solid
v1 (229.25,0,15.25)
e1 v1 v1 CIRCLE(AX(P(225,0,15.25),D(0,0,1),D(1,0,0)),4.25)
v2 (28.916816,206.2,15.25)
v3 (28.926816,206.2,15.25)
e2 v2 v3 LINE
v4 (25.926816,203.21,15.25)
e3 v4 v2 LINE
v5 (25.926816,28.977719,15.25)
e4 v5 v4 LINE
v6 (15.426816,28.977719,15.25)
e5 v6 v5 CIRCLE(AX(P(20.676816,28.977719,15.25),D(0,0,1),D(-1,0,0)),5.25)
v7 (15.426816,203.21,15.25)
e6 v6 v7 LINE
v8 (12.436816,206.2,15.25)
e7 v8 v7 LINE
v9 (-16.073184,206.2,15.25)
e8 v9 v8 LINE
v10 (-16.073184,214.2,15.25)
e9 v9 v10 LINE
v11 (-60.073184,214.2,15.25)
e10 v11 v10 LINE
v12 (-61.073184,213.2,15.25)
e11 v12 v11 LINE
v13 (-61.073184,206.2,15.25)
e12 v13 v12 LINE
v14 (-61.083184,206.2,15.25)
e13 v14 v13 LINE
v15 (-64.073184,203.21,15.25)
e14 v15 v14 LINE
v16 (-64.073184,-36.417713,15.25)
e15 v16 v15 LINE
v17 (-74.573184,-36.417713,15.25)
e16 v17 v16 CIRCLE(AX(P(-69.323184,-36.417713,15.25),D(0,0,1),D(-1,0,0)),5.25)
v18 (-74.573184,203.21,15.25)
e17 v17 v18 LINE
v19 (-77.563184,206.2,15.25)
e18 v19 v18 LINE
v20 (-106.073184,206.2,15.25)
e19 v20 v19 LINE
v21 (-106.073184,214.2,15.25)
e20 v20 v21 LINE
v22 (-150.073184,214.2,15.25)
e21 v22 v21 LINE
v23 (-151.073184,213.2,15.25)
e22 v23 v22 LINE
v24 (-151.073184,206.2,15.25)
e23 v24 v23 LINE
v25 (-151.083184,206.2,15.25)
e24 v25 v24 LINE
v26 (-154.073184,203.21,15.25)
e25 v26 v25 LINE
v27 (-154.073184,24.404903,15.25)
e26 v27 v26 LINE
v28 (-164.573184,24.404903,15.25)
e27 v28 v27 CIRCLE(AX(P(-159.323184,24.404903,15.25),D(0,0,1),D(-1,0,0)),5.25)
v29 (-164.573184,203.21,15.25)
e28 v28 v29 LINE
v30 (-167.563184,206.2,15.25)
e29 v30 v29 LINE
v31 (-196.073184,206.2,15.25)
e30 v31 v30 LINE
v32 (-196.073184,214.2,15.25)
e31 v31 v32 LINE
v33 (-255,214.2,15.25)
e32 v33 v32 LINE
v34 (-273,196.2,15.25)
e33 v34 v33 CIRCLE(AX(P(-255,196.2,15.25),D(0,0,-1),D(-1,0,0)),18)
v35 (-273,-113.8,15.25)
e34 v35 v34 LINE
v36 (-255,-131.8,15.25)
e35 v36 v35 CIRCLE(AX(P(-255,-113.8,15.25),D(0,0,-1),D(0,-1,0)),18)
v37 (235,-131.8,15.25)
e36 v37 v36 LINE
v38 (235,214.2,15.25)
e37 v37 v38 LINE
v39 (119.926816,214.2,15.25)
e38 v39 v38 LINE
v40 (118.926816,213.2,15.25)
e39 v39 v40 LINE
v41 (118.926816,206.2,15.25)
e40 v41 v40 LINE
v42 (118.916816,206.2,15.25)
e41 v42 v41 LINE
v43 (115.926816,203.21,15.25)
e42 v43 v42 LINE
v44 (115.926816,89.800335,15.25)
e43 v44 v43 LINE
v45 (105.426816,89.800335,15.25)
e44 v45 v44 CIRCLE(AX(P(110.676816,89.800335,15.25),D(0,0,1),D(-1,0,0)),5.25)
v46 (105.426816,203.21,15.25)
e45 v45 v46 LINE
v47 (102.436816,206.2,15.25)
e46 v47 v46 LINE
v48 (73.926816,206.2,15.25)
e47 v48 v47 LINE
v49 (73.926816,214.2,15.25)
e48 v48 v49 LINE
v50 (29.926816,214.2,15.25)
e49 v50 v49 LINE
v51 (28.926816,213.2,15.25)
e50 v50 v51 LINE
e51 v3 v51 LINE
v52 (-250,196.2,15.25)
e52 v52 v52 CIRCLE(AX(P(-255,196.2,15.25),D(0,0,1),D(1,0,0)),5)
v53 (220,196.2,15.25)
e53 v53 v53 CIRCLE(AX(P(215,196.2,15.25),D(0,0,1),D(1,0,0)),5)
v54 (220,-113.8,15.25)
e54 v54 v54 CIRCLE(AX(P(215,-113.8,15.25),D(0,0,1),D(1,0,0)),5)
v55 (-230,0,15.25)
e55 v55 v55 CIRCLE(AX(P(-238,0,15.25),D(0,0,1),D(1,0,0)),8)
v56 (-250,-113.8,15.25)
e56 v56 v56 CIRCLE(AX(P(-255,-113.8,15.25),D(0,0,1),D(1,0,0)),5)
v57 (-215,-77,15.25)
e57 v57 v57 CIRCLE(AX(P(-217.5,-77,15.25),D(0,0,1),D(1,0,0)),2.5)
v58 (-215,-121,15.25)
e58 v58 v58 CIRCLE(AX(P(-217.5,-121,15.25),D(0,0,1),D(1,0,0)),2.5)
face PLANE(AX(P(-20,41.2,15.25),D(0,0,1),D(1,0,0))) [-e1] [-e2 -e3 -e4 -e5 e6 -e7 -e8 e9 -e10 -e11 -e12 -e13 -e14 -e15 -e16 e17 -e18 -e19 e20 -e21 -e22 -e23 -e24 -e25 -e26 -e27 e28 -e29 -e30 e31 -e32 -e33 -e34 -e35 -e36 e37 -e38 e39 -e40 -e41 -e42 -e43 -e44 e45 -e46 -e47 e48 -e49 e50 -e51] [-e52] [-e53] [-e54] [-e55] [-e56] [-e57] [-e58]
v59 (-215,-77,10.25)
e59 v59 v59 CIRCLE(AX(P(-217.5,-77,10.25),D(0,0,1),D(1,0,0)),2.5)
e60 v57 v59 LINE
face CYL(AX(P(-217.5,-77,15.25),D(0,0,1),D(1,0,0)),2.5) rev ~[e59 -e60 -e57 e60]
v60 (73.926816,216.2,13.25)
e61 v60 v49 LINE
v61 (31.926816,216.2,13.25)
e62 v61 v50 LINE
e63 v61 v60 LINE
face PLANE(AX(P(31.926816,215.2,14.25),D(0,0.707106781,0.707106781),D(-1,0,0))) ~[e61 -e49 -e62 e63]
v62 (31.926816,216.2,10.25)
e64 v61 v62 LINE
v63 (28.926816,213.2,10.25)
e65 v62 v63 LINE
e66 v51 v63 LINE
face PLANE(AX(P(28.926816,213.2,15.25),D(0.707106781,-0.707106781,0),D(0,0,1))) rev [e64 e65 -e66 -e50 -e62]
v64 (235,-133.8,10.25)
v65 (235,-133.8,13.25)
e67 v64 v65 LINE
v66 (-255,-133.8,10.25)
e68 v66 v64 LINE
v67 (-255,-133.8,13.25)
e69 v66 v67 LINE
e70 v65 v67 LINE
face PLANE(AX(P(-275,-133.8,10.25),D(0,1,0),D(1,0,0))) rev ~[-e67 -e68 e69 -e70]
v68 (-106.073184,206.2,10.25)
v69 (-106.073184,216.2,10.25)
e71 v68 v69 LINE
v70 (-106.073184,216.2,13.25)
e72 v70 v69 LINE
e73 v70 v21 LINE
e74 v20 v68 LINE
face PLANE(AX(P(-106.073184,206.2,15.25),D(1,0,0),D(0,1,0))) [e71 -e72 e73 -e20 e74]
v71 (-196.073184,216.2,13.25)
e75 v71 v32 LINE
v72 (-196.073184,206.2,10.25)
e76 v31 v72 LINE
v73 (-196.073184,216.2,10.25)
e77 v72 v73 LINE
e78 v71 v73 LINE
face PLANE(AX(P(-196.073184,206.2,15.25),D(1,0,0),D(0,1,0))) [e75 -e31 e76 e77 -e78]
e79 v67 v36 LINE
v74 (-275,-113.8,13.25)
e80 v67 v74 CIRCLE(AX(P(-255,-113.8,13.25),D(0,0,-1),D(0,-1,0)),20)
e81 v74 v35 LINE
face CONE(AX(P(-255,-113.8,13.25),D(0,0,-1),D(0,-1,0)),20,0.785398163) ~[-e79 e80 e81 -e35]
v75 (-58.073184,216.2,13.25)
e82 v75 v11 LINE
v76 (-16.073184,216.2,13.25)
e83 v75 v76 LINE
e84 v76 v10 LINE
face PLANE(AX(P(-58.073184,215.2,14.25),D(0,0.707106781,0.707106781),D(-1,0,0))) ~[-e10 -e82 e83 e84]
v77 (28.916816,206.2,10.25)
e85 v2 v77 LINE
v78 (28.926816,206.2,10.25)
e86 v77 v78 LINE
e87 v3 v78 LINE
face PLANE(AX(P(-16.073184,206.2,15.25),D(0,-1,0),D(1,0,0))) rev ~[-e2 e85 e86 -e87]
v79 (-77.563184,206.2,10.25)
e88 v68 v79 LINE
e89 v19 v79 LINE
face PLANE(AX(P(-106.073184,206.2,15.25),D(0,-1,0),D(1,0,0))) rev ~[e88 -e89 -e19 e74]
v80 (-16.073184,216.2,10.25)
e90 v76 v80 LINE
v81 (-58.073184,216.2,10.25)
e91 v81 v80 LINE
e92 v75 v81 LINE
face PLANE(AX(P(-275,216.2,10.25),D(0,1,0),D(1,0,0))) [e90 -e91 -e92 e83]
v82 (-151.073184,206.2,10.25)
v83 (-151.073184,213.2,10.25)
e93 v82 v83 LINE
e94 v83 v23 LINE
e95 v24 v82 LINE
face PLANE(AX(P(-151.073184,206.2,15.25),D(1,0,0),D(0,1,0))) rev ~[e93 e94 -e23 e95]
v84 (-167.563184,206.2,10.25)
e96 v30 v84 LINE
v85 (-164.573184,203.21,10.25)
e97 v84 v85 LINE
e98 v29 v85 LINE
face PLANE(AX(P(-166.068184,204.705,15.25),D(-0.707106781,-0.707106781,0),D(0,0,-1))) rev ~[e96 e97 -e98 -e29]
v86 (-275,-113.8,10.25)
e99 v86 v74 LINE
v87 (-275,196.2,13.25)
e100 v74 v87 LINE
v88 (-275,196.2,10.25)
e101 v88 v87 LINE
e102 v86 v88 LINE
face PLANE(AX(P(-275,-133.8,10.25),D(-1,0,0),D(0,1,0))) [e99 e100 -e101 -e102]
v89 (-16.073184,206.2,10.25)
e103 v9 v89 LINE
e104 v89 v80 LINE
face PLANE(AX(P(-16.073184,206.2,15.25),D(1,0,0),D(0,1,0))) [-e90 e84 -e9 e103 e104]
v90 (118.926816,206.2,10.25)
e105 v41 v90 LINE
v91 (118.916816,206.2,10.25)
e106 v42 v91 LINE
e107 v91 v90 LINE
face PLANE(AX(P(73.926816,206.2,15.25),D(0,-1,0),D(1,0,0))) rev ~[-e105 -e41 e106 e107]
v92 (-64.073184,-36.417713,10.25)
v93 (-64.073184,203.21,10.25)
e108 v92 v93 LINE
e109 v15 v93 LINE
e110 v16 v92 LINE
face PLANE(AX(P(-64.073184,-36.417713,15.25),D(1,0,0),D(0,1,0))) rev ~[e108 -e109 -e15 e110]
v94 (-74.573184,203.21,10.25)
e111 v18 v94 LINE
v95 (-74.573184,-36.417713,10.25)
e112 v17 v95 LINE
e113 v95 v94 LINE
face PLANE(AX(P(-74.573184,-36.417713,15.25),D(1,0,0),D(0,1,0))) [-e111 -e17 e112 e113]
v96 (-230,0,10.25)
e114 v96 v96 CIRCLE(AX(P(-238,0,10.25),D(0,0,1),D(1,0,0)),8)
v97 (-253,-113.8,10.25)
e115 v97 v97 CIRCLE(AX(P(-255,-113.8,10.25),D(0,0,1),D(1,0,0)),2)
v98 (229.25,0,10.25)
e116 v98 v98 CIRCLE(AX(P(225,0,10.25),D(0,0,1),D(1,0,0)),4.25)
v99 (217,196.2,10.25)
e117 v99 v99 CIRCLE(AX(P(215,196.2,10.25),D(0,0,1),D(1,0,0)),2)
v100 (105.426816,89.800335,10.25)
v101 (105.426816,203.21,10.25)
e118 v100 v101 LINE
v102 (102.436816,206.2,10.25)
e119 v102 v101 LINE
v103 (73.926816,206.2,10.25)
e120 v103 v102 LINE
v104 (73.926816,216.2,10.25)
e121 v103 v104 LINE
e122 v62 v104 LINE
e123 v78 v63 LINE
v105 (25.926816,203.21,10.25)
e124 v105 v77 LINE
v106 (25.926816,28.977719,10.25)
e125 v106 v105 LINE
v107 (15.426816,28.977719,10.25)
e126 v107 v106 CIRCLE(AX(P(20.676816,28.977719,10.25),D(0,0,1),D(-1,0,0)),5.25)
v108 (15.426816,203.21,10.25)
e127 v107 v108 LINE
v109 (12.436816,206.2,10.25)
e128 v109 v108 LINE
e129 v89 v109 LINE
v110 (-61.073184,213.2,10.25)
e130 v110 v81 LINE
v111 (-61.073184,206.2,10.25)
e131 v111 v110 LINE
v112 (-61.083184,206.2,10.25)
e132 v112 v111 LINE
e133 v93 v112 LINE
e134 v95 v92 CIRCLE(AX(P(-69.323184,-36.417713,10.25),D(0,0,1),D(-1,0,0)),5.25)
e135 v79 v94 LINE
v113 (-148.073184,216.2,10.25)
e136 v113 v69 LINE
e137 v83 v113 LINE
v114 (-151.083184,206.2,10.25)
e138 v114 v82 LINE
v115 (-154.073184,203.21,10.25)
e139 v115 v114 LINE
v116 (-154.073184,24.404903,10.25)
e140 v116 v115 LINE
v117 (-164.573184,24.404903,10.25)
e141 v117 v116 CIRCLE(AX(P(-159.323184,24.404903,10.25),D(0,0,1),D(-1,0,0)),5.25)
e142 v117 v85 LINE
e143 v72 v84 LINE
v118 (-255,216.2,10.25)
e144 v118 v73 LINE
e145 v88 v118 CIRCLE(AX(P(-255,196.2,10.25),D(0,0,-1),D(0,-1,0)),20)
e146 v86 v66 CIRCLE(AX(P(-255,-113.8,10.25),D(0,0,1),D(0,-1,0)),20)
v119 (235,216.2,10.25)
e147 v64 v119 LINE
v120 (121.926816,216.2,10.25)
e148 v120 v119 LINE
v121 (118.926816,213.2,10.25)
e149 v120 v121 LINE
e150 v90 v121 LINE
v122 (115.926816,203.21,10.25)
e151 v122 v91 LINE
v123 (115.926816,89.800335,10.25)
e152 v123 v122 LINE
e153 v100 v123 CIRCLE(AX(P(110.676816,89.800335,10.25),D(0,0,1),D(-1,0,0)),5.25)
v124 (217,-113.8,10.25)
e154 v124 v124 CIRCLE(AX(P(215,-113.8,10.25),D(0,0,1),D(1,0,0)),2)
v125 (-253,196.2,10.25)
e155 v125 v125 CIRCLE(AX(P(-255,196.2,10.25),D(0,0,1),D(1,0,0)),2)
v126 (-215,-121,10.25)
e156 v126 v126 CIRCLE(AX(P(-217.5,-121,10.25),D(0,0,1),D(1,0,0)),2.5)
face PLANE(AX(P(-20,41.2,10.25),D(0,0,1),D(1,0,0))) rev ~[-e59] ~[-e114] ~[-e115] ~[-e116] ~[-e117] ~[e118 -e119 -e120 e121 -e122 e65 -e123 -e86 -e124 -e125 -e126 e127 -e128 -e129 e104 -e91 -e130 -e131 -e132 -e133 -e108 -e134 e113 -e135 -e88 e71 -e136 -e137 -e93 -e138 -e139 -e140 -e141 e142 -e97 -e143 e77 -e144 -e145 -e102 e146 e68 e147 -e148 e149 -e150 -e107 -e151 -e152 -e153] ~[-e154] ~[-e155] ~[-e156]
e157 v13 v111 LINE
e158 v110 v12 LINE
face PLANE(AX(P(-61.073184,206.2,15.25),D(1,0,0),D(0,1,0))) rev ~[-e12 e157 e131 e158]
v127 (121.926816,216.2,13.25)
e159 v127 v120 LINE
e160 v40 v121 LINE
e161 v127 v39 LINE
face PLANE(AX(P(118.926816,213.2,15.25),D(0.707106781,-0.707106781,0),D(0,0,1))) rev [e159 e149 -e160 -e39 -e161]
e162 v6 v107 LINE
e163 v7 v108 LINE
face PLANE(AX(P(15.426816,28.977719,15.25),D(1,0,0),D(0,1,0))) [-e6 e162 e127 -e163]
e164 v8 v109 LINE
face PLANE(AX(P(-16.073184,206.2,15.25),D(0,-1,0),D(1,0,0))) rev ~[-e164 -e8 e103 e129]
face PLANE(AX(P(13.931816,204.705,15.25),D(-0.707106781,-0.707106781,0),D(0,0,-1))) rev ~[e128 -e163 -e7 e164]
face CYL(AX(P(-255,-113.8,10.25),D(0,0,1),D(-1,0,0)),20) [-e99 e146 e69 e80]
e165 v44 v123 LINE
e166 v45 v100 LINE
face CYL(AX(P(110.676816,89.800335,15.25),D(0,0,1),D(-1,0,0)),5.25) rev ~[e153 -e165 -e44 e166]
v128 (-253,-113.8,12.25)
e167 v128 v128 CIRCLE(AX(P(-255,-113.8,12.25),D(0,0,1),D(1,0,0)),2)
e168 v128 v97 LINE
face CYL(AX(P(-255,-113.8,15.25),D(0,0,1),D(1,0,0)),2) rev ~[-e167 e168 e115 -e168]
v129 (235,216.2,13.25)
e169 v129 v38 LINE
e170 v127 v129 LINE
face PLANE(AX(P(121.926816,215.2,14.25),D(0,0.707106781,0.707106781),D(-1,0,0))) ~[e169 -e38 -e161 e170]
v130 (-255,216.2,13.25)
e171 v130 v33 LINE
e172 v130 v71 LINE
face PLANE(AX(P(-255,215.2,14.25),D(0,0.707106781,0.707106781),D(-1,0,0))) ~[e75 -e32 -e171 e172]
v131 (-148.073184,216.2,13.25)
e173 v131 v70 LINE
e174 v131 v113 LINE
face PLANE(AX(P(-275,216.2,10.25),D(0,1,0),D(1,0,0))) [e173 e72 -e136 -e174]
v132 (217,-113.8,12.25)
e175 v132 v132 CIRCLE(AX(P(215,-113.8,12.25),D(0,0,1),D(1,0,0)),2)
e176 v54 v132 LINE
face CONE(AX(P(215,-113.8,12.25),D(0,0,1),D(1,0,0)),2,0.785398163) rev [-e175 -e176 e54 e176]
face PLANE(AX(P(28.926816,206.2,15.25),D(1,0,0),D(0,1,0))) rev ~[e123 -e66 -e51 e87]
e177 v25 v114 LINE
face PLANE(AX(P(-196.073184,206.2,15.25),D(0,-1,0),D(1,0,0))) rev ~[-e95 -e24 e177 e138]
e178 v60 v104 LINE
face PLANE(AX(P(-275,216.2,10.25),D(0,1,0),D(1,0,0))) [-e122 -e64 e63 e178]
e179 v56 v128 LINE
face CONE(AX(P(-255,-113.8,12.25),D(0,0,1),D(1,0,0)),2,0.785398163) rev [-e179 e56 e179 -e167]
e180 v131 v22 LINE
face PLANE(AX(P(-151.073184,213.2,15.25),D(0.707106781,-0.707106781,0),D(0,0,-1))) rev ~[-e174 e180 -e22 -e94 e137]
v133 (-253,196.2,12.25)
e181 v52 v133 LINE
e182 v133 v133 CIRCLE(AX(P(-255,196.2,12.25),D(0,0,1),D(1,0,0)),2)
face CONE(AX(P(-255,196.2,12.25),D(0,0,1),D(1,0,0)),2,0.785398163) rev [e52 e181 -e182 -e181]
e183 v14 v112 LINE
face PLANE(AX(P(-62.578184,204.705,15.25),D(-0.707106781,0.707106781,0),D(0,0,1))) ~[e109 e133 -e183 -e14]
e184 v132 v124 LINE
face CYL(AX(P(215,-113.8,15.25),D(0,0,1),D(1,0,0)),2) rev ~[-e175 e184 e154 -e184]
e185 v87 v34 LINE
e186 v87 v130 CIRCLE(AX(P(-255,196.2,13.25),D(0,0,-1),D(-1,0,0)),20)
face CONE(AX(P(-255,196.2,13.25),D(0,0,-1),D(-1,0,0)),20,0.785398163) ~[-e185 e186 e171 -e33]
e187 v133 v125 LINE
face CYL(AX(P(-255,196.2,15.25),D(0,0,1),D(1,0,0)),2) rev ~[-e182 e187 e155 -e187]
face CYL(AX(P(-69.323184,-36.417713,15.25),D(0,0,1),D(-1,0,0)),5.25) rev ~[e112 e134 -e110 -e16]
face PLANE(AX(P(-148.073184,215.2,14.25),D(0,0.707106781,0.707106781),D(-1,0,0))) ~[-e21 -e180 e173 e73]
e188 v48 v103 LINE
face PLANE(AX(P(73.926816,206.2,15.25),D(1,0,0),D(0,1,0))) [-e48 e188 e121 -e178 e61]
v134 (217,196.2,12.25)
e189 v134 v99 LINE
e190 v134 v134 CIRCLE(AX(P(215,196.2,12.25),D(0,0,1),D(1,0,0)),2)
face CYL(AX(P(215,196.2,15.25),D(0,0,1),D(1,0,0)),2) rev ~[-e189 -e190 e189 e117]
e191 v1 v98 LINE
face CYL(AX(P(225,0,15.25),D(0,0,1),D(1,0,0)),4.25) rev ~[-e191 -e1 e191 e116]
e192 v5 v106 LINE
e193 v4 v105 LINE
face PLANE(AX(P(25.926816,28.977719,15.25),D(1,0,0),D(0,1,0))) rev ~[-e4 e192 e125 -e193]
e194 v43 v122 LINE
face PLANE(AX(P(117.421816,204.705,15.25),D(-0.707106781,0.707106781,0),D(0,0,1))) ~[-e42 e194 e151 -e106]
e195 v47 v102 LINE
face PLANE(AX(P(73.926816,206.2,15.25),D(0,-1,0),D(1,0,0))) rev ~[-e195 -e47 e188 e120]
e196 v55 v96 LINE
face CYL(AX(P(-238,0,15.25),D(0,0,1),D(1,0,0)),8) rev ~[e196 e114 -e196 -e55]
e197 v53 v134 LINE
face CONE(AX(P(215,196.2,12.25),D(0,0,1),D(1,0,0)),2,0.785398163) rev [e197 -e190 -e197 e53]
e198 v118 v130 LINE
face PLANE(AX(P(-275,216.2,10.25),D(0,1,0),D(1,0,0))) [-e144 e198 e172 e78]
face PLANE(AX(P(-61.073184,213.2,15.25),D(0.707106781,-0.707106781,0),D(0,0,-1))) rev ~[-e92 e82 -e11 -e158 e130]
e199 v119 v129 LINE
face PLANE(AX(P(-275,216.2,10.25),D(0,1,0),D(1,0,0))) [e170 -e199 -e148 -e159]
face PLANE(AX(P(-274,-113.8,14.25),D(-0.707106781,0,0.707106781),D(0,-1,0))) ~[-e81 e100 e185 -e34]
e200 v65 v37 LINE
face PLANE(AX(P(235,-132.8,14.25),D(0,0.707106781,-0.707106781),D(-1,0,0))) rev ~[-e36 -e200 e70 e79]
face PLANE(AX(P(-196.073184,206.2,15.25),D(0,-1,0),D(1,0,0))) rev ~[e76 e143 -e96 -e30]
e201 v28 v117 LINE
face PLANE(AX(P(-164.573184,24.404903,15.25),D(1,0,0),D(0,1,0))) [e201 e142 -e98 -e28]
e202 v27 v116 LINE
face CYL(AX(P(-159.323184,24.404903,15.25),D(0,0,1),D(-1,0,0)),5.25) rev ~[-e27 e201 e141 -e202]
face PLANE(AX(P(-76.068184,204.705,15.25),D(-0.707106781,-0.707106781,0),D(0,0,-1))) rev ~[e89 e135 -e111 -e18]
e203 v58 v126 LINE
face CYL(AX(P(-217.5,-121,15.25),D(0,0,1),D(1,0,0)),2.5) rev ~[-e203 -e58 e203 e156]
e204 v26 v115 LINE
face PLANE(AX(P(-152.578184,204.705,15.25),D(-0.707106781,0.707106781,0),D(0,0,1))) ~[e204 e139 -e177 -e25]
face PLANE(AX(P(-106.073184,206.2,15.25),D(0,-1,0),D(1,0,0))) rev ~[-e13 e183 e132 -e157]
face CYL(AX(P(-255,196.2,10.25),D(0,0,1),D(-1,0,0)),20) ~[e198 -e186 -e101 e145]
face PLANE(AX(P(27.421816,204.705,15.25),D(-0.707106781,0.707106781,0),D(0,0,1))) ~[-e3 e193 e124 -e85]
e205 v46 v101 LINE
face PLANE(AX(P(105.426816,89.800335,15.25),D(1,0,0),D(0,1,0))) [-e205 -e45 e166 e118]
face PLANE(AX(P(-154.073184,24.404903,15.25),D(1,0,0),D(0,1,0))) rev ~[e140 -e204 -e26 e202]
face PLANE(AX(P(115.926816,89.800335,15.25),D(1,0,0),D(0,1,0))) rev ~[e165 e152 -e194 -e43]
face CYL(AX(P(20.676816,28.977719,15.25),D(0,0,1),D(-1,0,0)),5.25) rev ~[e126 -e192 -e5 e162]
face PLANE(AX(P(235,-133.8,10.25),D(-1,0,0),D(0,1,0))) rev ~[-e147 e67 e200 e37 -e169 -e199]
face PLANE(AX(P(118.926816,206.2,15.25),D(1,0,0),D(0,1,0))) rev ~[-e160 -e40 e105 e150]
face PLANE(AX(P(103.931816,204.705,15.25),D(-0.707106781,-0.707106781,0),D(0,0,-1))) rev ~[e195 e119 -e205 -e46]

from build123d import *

# Parameters (mm, degrees)
SKETCH018_W     = 510
SKETCH018_H     = 350
PAD015_DEPTH    = 5
SKETCH019_R     = 8
SKETCH019_R_2   = 4.25
POCKET011_DEPTH = 5.001
FILLET005_R     = 20
SKETCH020_R     = 2
POCKET012_DEPTH = 5.001
CHAMFER009_SIZE = 6
CHAMFER010_SIZE = 2
CHAMFER011_SIZE = 3
SKETCH052_W     = 45
SKETCH052_H     = 10
POCKET033_DEPTH = 5.001
CHAMFER024_SIZE = 2.99
SKETCH068_R     = 2.5
POCKET043_DEPTH = 5.001


with BuildPart() as part:
    # Sketch018 → Pad015 (new body)
    with BuildSketch(Plane.XY):
        with Locations((-20, 41.2)):
            Rectangle(SKETCH018_W, SKETCH018_H)
    extrude(amount=PAD015_DEPTH)

    # Sketch019 (on Face6 of Pad015) → Pocket011 (cut, through all)
    with BuildSketch(Plane.XY.offset(5)):
        with Locations((-238, 0)):
            Circle(SKETCH019_R)
        with Locations((225, 0)):
            Circle(SKETCH019_R_2)
        with BuildLine():
            ThreePointArc((-164.573184, 24.404903), (-159.323184, 19.154903), (-154.073184, 24.404903))
            Line((-154.073184, 24.404903), (-154.073184, 216.2))
            ThreePointArc((-154.073184, 216.2), (-159.323184, 221.45), (-164.573184, 216.2))
            Line((-164.573184, 24.404903), (-164.573184, 216.2))
        make_face()
        with BuildLine():
            ThreePointArc((-74.573184, -36.417713), (-69.323184, -41.667713), (-64.073184, -36.417713))
            Line((-64.073184, -36.417713), (-64.073184, 216.2))
            ThreePointArc((-64.073184, 216.2), (-69.323184, 221.45), (-74.573184, 216.2))
            Line((-74.573184, -36.417713), (-74.573184, 216.2))
        make_face()
        with BuildLine():
            ThreePointArc((15.426816, 28.977719), (20.676816, 23.727719), (25.926816, 28.977719))
            Line((25.926816, 28.977719), (25.926816, 216.2))
            ThreePointArc((25.926816, 216.2), (20.676816, 221.45), (15.426816, 216.2))
            Line((15.426816, 28.977719), (15.426816, 216.2))
        make_face()
        with BuildLine():
            ThreePointArc((105.426816, 89.800335), (110.676816, 84.550335), (115.926816, 89.800335))
            Line((115.926816, 89.800335), (115.926816, 216.2))
            ThreePointArc((115.926816, 216.2), (110.676816, 221.45), (105.426816, 216.2))
            Line((105.426816, 89.800335), (105.426816, 216.2))
        make_face()
    extrude(amount=-POCKET011_DEPTH, mode=Mode.SUBTRACT)

    # Fillet005
    fillet005_edges = [part.edges().sort_by_distance(p)[0] for p in [
        (-275, 216.2, 2.5),
        (-275, -133.8, 2.5),
    ]]
    fillet(fillet005_edges, radius=FILLET005_R)

    # Sketch020 (on Face5 of Fillet005) → Pocket012 (cut, through all)
    with BuildSketch(Plane.XY.offset(5)):
        with Locations((-255, 196.2)):
            Circle(SKETCH020_R)
        with Locations((-255, -113.8)):
            Circle(SKETCH020_R)
        with Locations((215, -113.8)):
            Circle(SKETCH020_R)
        with Locations((215, 196.2)):
            Circle(SKETCH020_R)
    extrude(amount=-POCKET012_DEPTH, mode=Mode.SUBTRACT)

    # Chamfer009
    chamfer009_edges = [part.edges().sort_by_distance(p)[0] for p in [
        (-164.573184, 216.2, 2.5),
        (-154.073184, 216.2, 2.5),
        (-74.573184, 216.2, 2.5),
        (-64.073184, 216.2, 2.5),
        (15.426816, 216.2, 2.5),
        (25.926816, 216.2, 2.5),
        (105.426816, 216.2, 2.5),
        (115.926816, 216.2, 2.5),
    ]]
    chamfer(chamfer009_edges, length=CHAMFER009_SIZE)

    # Chamfer010
    chamfer010_edges = [part.edges().sort_by_distance(p)[0] for p in [
        (-212.786592, 216.2, 5),
        (-114.323184, 216.2, 5),
        (-24.323184, 216.2, 5),
        (65.676816, 216.2, 5),
        (178.463408, 216.2, 5),
    ]]
    chamfer(chamfer010_edges, length=CHAMFER010_SIZE)

    # Chamfer011
    chamfer011_edges = [part.edges().sort_by_distance(p)[0] for p in [
        (-257, 196.2, 5),
        (-257, -113.8, 5),
        (213, -113.8, 5),
        (213, 196.2, 5),
    ]]
    chamfer(chamfer011_edges, length=CHAMFER011_SIZE)

    # Sketch052 (on Face1 of Chamfer011) → Pocket033 (cut, through all)
    with BuildSketch(Plane.XY.offset(5)):
        with Locations((-173.573184, 211.2)):
            Rectangle(SKETCH052_W, SKETCH052_H)
        with Locations((-83.573184, 211.2)):
            Rectangle(SKETCH052_W, SKETCH052_H)
        with Locations((6.426816, 211.2)):
            Rectangle(SKETCH052_W, SKETCH052_H)
        with Locations((96.426816, 211.2)):
            Rectangle(SKETCH052_W, SKETCH052_H)
    extrude(amount=-POCKET033_DEPTH, mode=Mode.SUBTRACT)

    # Chamfer024
    chamfer024_edges = [part.edges().sort_by_distance(p)[0] for p in [
        (-164.573184, 206.2, 2.5),
        (-154.073184, 206.2, 2.5),
        (-74.573184, 206.2, 2.5),
        (-64.073184, 206.2, 2.5),
        (15.426816, 206.2, 2.5),
        (25.926816, 206.2, 2.5),
        (105.426816, 206.2, 2.5),
        (115.926816, 206.2, 2.5),
    ]]
    chamfer(chamfer024_edges, length=CHAMFER024_SIZE)

    # Sketch068 (on Face1 of Chamfer024) → Pocket043 (cut, through all)
    with BuildSketch(Plane.XY.offset(5)):
        with Locations((-217.5, -77)):
            Circle(SKETCH068_R)
        with Locations((-217.5, -121)):
            Circle(SKETCH068_R)
    extrude(amount=-POCKET043_DEPTH, mode=Mode.SUBTRACT)


with BuildPart() as part_1:
    # Body011 placement: moved
    add(part.part.moved(Location((0, 0, 10.25))))


solid = part_1.part
